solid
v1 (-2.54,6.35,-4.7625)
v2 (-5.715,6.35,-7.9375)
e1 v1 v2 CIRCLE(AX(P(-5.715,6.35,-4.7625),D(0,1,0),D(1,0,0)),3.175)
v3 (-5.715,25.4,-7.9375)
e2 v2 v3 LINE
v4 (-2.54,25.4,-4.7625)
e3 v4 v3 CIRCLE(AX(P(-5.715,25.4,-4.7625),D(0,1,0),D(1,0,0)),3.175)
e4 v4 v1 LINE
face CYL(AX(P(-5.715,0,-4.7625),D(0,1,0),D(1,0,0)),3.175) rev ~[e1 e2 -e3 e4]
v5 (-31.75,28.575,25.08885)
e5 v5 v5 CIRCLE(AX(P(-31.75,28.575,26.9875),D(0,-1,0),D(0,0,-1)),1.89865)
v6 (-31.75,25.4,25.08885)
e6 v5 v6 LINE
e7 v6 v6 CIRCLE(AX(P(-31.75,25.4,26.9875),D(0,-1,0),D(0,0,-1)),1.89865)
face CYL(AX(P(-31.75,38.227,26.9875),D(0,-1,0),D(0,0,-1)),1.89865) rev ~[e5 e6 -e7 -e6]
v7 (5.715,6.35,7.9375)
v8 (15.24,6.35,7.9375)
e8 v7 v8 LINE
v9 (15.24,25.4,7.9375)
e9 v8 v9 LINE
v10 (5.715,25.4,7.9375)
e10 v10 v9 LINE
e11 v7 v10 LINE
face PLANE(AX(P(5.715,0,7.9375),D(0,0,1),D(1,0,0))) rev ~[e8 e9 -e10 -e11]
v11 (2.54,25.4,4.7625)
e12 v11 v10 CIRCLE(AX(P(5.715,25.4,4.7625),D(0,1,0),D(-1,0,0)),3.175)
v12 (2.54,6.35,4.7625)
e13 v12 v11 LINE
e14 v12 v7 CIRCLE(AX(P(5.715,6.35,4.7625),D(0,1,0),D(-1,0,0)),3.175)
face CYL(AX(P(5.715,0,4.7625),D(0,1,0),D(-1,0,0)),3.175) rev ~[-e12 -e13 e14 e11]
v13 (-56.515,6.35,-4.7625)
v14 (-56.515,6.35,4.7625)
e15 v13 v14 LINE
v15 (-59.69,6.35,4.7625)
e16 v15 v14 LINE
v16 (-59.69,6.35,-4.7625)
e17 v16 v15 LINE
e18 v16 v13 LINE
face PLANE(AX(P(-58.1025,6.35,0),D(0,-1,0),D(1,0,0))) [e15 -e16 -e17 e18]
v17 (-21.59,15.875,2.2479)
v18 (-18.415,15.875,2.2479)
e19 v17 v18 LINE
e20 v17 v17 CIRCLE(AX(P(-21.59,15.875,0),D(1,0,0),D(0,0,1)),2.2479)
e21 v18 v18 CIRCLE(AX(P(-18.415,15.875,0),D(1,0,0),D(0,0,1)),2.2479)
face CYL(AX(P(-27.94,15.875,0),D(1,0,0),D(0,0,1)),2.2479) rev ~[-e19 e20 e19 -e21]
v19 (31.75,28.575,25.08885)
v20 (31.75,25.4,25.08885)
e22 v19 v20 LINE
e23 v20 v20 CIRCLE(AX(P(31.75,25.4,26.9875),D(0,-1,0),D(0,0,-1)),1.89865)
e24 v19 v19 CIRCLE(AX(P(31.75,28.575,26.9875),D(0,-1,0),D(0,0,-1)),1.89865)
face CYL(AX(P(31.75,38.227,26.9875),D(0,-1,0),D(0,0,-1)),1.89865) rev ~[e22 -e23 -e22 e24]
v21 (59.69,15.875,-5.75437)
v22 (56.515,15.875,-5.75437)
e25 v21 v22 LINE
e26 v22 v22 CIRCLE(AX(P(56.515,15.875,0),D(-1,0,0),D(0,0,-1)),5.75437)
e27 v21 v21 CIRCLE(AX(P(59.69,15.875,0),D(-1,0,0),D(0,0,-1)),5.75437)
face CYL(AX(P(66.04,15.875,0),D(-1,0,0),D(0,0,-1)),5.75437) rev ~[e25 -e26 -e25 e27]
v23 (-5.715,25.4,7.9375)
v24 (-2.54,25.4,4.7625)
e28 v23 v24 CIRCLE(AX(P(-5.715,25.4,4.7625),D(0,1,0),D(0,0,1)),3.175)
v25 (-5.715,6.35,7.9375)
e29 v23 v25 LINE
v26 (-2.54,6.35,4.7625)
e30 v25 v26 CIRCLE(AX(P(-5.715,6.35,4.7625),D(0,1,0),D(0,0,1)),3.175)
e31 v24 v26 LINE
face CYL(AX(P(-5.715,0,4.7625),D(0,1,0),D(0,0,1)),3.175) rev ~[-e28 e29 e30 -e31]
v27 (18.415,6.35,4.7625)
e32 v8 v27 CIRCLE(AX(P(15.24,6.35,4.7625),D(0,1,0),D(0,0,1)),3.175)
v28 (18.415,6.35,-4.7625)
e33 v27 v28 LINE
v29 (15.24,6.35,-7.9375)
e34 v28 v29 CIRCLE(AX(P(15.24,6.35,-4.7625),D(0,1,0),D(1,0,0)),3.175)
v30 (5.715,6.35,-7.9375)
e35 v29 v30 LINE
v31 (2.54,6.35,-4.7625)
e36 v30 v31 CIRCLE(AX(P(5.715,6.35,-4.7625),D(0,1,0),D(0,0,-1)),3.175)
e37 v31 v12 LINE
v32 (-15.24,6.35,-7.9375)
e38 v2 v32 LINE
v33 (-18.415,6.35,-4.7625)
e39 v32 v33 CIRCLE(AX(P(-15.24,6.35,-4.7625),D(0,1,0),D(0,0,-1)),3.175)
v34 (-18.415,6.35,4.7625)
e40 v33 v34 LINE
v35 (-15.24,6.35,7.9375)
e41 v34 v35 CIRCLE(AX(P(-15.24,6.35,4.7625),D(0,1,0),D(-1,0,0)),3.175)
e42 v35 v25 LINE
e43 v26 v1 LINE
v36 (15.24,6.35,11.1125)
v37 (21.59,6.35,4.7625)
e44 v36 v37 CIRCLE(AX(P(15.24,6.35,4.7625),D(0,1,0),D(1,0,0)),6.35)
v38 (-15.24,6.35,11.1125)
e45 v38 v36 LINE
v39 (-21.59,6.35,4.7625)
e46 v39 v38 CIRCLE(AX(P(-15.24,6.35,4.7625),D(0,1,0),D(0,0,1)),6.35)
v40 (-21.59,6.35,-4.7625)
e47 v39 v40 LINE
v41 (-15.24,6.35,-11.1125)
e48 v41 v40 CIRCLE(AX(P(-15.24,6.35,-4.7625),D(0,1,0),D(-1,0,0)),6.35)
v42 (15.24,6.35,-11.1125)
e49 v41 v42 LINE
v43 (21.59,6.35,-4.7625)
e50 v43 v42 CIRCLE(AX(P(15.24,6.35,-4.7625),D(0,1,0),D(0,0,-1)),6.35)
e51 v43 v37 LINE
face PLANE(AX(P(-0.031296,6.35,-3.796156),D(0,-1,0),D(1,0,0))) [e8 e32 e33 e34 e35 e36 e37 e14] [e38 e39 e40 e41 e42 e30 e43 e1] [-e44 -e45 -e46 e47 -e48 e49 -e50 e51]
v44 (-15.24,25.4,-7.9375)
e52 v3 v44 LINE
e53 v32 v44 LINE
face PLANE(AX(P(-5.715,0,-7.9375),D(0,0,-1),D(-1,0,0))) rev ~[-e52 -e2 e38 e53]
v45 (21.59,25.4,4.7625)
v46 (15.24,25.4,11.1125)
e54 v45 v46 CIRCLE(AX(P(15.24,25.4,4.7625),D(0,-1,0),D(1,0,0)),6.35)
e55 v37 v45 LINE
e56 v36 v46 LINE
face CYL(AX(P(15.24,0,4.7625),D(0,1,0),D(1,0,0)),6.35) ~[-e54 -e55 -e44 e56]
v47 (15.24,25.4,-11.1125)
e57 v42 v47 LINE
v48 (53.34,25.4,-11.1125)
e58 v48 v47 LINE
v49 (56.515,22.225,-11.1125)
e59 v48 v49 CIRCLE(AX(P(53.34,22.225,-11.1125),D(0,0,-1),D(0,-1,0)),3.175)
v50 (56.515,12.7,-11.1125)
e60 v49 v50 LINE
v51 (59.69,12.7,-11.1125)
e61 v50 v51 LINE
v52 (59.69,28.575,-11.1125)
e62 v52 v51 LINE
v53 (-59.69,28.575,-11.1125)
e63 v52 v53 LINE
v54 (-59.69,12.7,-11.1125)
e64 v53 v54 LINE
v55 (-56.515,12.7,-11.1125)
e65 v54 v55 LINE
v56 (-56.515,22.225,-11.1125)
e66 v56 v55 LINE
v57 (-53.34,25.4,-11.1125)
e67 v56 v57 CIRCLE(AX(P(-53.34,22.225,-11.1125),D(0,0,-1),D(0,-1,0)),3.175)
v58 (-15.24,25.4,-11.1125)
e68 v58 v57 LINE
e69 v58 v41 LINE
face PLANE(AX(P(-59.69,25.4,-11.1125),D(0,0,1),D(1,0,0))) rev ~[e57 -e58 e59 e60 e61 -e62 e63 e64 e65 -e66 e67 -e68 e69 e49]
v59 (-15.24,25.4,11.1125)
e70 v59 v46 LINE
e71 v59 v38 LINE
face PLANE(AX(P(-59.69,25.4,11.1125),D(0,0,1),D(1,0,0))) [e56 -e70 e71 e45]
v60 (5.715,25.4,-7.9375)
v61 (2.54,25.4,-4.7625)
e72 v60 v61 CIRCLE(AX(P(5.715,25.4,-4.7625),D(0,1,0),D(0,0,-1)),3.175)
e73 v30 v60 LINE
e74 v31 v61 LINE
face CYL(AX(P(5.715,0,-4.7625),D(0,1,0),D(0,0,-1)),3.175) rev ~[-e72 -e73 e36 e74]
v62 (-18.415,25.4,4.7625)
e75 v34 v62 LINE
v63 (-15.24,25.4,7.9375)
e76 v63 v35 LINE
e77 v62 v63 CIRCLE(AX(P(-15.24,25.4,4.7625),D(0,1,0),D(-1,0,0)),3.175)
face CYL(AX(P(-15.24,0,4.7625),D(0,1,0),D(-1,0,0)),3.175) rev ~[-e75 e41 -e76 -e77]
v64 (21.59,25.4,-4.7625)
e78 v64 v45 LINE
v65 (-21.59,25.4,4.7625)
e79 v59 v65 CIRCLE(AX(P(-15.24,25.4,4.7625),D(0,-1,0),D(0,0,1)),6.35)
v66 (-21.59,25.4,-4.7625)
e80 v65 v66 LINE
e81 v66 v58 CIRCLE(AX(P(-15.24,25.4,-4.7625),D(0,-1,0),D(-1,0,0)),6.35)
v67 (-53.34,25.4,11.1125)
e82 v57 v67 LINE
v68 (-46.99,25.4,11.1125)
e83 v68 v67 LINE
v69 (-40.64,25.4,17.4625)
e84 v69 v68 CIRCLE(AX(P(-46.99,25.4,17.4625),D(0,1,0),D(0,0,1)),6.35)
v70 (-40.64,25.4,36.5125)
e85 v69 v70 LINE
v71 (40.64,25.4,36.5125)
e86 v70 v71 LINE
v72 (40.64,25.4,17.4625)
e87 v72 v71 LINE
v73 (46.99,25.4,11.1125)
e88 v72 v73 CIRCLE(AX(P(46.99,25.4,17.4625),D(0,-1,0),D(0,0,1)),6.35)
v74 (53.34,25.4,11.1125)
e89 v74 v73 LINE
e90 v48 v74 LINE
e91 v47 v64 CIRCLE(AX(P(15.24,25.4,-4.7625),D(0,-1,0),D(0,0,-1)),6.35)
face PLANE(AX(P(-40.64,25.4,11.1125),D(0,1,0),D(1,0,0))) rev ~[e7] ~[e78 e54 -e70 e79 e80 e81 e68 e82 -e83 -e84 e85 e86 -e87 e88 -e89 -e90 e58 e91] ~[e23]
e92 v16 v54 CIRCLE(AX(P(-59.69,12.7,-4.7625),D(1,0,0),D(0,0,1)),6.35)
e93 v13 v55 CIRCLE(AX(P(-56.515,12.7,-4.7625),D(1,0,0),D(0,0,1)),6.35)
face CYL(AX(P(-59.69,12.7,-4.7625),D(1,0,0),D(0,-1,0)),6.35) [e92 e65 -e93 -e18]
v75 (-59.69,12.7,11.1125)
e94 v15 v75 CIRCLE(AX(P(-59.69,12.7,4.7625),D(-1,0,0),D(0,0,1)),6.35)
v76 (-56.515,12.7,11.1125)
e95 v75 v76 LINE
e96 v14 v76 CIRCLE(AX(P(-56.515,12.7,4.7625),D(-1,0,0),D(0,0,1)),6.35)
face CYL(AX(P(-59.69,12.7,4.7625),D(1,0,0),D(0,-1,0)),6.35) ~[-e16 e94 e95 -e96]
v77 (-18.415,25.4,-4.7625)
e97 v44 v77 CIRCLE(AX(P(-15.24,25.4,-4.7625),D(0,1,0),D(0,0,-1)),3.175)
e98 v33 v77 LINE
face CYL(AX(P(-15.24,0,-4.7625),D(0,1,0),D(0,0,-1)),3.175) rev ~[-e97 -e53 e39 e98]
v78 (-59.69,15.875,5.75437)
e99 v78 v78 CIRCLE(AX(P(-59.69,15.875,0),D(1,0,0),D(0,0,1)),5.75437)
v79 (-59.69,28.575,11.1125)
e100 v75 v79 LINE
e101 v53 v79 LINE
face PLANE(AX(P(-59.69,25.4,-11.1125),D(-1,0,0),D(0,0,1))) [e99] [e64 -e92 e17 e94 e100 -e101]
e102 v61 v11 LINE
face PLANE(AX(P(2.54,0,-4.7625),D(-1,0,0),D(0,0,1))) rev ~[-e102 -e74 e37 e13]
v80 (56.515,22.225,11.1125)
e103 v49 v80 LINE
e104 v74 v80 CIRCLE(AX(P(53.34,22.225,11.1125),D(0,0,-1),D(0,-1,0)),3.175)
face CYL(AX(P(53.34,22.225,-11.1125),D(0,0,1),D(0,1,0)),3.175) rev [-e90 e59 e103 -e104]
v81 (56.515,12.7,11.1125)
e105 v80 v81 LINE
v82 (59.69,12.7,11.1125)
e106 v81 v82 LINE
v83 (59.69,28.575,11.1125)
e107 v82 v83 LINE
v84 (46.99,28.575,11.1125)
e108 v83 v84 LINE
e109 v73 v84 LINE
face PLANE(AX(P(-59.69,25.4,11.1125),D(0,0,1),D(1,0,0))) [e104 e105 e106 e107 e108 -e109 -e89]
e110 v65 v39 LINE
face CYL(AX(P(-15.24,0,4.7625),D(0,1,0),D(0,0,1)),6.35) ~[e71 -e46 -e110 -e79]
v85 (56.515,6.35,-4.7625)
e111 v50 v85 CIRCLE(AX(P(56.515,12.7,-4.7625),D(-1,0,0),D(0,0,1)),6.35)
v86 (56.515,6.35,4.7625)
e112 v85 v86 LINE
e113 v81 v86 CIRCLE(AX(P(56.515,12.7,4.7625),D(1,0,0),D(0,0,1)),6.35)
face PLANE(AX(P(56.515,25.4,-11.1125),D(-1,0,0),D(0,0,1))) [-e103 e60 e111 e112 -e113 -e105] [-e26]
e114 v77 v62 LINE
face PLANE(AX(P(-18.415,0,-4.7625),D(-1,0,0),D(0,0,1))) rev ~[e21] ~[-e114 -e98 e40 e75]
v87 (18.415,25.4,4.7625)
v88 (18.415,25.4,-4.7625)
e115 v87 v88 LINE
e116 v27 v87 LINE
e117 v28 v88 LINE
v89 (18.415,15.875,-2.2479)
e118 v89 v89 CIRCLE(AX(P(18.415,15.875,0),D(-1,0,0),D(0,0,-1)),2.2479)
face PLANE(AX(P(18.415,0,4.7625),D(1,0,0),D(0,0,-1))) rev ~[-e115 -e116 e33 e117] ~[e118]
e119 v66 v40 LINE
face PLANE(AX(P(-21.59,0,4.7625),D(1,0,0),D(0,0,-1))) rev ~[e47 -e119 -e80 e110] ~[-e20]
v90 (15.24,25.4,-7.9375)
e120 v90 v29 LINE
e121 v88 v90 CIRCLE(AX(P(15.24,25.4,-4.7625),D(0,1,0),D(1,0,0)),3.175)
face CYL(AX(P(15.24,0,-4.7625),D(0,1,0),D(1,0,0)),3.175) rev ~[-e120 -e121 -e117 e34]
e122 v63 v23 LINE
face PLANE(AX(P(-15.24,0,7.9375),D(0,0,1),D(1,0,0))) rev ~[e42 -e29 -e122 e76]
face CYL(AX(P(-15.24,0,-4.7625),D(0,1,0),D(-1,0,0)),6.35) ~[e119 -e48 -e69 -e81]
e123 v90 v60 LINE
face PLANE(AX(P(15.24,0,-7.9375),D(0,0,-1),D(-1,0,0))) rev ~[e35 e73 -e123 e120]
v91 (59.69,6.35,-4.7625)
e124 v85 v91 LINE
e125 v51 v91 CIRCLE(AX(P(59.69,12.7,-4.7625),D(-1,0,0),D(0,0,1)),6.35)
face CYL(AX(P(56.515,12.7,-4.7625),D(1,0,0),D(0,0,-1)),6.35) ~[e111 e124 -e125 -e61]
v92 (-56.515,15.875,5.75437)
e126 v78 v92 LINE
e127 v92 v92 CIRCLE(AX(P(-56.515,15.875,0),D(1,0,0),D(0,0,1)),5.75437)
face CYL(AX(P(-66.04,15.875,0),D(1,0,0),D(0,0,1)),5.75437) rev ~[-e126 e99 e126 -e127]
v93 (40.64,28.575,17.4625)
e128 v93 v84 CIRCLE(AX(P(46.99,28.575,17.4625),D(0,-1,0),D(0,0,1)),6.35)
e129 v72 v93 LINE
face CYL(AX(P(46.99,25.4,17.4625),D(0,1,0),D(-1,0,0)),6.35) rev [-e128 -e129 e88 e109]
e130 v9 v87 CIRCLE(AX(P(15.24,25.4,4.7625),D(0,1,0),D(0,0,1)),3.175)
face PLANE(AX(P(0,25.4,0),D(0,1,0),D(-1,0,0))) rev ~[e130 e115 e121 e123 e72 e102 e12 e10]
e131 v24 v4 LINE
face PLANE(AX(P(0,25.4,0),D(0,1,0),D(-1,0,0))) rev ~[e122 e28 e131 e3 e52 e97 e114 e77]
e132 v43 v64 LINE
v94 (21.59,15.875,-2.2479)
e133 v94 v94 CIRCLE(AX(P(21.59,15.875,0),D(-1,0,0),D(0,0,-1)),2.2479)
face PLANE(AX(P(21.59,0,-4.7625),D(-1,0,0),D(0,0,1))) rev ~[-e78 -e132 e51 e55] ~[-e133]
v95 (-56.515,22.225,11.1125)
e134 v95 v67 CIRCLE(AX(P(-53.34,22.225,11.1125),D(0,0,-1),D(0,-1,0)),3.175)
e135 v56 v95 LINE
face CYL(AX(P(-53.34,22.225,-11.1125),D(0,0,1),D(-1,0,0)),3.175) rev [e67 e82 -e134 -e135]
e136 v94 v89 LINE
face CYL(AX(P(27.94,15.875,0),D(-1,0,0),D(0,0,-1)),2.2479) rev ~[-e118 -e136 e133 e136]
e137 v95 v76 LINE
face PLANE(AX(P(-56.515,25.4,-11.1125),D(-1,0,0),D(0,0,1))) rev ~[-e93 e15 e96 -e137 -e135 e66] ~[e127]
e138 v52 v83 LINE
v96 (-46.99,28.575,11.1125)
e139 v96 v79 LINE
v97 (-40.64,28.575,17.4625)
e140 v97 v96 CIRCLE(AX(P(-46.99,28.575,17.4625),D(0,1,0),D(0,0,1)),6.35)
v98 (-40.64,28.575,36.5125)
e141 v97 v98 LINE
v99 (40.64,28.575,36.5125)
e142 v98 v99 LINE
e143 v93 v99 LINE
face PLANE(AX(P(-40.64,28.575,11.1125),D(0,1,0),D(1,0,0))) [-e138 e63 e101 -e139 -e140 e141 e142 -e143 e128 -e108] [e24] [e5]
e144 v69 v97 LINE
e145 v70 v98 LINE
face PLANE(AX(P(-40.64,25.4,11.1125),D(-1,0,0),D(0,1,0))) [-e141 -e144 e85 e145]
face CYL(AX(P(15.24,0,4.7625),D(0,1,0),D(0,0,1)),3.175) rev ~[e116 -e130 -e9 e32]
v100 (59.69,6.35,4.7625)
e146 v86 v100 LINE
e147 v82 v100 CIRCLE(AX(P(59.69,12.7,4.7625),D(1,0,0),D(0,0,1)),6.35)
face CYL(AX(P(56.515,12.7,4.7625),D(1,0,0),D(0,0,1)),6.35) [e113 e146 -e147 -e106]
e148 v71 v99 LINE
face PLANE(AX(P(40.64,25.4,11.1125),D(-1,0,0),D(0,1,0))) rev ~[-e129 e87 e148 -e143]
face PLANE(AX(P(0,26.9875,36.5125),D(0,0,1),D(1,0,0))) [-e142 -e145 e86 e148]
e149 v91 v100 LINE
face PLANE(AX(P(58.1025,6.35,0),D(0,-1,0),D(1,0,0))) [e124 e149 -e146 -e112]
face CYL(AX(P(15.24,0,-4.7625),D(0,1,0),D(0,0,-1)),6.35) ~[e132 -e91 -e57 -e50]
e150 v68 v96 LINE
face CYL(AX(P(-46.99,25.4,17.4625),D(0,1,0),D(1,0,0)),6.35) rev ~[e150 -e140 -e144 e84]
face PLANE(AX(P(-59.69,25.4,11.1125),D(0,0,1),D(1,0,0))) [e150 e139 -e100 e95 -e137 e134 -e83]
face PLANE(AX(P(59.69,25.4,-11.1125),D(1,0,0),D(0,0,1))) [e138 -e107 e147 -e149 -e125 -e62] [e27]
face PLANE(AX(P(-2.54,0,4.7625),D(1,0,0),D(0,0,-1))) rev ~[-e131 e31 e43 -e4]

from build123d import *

# Parameters (mm, degrees)
EXTRUDE1_DEPTH                         = 25.4
EXTRUDE1_DEPTH_BACK                    = 50.8
SKETCH2_W                              = 119.38
SKETCH2_H                              = 22.225
EXTRUDE2_DEPTH                         = 3.175
SKETCH3_W                              = 3.175
SKETCH3_H                              = 22.225
EXTRUDE3_DEPTH                         = 19.05
TAP_DRILL_FOR_1_2_TAP1_D               = 11.50874
TAP_DRILL_FOR_1_2_TAP1_DEPTH           = 6.35
TAP_DRILL_FOR_1_2_TAP1_TIP             = 3.45757432
TAP_DRILL_FOR_1_2_TAP1_ON_FACE_2_D     = 11.50874
TAP_DRILL_FOR_1_2_TAP1_ON_FACE_2_DEPTH = 6.35
TAP_DRILL_FOR_1_2_TAP1_ON_FACE_2_TIP   = 3.45757432
F_8_CLEARANCE_HOLE1_D                  = 4.4958
F_8_CLEARANCE_HOLE1_DEPTH              = 6.35
F_8_CLEARANCE_HOLE1_TIP                = 1.350674586
F_8_CLEARANCE_HOLE1_ON_FACE_2_D        = 4.4958
F_8_CLEARANCE_HOLE1_ON_FACE_2_DEPTH    = 6.35
F_8_CLEARANCE_HOLE1_ON_FACE_2_TIP      = 1.350674586
FILLET1_R                              = 6.35
FILLET3_R                              = 3.175
SKETCH7_W                              = 81.28
SKETCH7_H                              = 3.175
EXTRUDE4_DEPTH                         = 25.4
FILLET4_R                              = 6.35
F_6_CLEARANCE_HOLE1_D                  = 3.7973
F_6_CLEARANCE_HOLE1_DEPTH              = 9.652
F_6_CLEARANCE_HOLE1_TIP                = 1.140824014
SKETCH8_W                              = 66.338719692
SKETCH8_H                              = 61.141500313
CUT_EXTRUDE1_DEPTH                     = 57.15


with BuildPart() as part:
    # Sketch1 → Extrude1 (new body, two sides)
    with BuildSketch(Plane(origin=(0, 0, 0), x_dir=(1, 0, 0), z_dir=(0, 1, 0))) as extrude1_sk:
        with BuildLine():
            Line((15.24, -11.1125), (-15.24, -11.1125))
            ThreePointArc((-15.24, -11.1125), (-19.730128061, -9.252628061), (-21.59, -4.7625))
            Line((-21.59, -4.7625), (-21.59, 4.7625))
            ThreePointArc((-21.59, 4.7625), (-19.730128061, 9.252628061), (-15.24, 11.1125))
            Line((-15.24, 11.1125), (15.24, 11.1125))
            ThreePointArc((15.24, 11.1125), (19.730128061, 9.252628061), (21.59, 4.7625))
            Line((21.59, 4.7625), (21.59, -4.7625))
            ThreePointArc((21.59, -4.7625), (19.730128061, -9.252628061), (15.24, -11.1125))
        make_face()
        with BuildLine():
            Line((-15.24, -7.9375), (-5.715, -7.9375))
            ThreePointArc((-5.715, -7.9375), (-3.46993597, -7.00756403), (-2.54, -4.7625))
            Line((-2.54, -4.7625), (-2.54, 4.7625))
            ThreePointArc((-2.54, 4.7625), (-3.46993597, 7.00756403), (-5.715, 7.9375))
            Line((-5.715, 7.9375), (-15.24, 7.9375))
            ThreePointArc((-15.24, 7.9375), (-17.48506403, 7.00756403), (-18.415, 4.7625))
            Line((-18.415, 4.7625), (-18.415, -4.7625))
            ThreePointArc((-18.415, -4.7625), (-17.48506403, -7.00756403), (-15.24, -7.9375))
        make_face(mode=Mode.SUBTRACT)
        with BuildLine():
            Line((15.24, 7.9375), (5.715, 7.9375))
            ThreePointArc((5.715, 7.9375), (3.46993597, 7.00756403), (2.54, 4.7625))
            Line((2.54, 4.7625), (2.54, -4.7625))
            ThreePointArc((2.54, -4.7625), (3.46993597, -7.00756403), (5.715, -7.9375))
            Line((5.715, -7.9375), (15.24, -7.9375))
            ThreePointArc((15.24, -7.9375), (17.48506403, -7.00756403), (18.415, -4.7625))
            Line((18.415, -4.7625), (18.415, 4.7625))
            ThreePointArc((18.415, 4.7625), (17.48506403, 7.00756403), (15.24, 7.9375))
        make_face(mode=Mode.SUBTRACT)
    extrude(amount=EXTRUDE1_DEPTH)
    extrude(extrude1_sk.sketch, amount=-EXTRUDE1_DEPTH_BACK)

    # Sketch2 → Extrude2 (add)
    with BuildSketch(Plane(origin=(0, 25.4, 0), x_dir=(-1, 0, 0), z_dir=(0, 1, 0))):
        Rectangle(SKETCH2_W, SKETCH2_H)
    extrude(amount=EXTRUDE2_DEPTH)

    # Sketch3 → Extrude3 (add)
    with BuildSketch(Plane.XZ.offset(-25.4)):
        with Locations((-58.1025, 0)):
            Rectangle(SKETCH3_W, SKETCH3_H)
        with Locations((58.1025, 0)):
            Rectangle(SKETCH3_W, SKETCH3_H)
    extrude(amount=EXTRUDE3_DEPTH)

    # Tap Drill for 1/2 Tap1
    with Locations(Plane(origin=(-59.69, 15.875, 0), x_dir=(0, 0, -1), z_dir=(-1, 0, 0))):
        with Locations((0, 0)):
            Hole(TAP_DRILL_FOR_1_2_TAP1_D / 2, depth=TAP_DRILL_FOR_1_2_TAP1_DEPTH)
            with Locations((0, 0, -(TAP_DRILL_FOR_1_2_TAP1_DEPTH + TAP_DRILL_FOR_1_2_TAP1_TIP / 2))):  # 118° drill point
                Cone(0, TAP_DRILL_FOR_1_2_TAP1_D / 2, TAP_DRILL_FOR_1_2_TAP1_TIP, mode=Mode.SUBTRACT)

    # Tap Drill for 1/2 Tap1 on face 2
    with Locations(Plane(origin=(59.69, 15.875, 0), x_dir=(0, 0, 1), z_dir=(1, 0, 0))):
        with Locations((0, 0)):
            Hole(TAP_DRILL_FOR_1_2_TAP1_ON_FACE_2_D / 2, depth=TAP_DRILL_FOR_1_2_TAP1_ON_FACE_2_DEPTH)
            with Locations((0, 0, -(TAP_DRILL_FOR_1_2_TAP1_ON_FACE_2_DEPTH + TAP_DRILL_FOR_1_2_TAP1_ON_FACE_2_TIP / 2))):  # 118° drill point
                Cone(0, TAP_DRILL_FOR_1_2_TAP1_ON_FACE_2_D / 2, TAP_DRILL_FOR_1_2_TAP1_ON_FACE_2_TIP, mode=Mode.SUBTRACT)

    # #8 Clearance Hole1
    with Locations(Plane(origin=(-21.59, 15.875, 0), x_dir=(0, 0, -1), z_dir=(-1, 0, 0))):
        with Locations((0, 0)):
            Hole(F_8_CLEARANCE_HOLE1_D / 2, depth=F_8_CLEARANCE_HOLE1_DEPTH)
            with Locations((0, 0, -(F_8_CLEARANCE_HOLE1_DEPTH + F_8_CLEARANCE_HOLE1_TIP / 2))):  # 118° drill point
                Cone(0, F_8_CLEARANCE_HOLE1_D / 2, F_8_CLEARANCE_HOLE1_TIP, mode=Mode.SUBTRACT)

    # #8 Clearance Hole1 on face 2
    with Locations(Plane(origin=(21.59, 15.875, 0), x_dir=(0, 0, 1), z_dir=(1, 0, 0))):
        with Locations((0, 0)):
            Hole(F_8_CLEARANCE_HOLE1_ON_FACE_2_D / 2, depth=F_8_CLEARANCE_HOLE1_ON_FACE_2_DEPTH)
            with Locations((0, 0, -(F_8_CLEARANCE_HOLE1_ON_FACE_2_DEPTH + F_8_CLEARANCE_HOLE1_ON_FACE_2_TIP / 2))):  # 118° drill point
                Cone(0, F_8_CLEARANCE_HOLE1_ON_FACE_2_D / 2, F_8_CLEARANCE_HOLE1_ON_FACE_2_TIP, mode=Mode.SUBTRACT)

    # Fillet1
    fillet1_edges = [part.edges().sort_by_distance(p)[0] for p in [
        (-58.1025, 6.35, -11.1125),
        (-58.1025, 6.35, 11.1125),
        (58.1025, 6.35, 11.1125),
        (58.1025, 6.35, -11.1125),
    ]]
    fillet(fillet1_edges, radius=FILLET1_R)

    # Fillet3
    fillet3_edges = [part.edges().sort_by_distance(p)[0] for p in [
        (-56.515, 25.4, 0),
        (56.515, 25.4, 0),
    ]]
    fillet(fillet3_edges, radius=FILLET3_R)

    # Sketch7 → Extrude4 (add)
    with BuildSketch(Plane.XY.offset(11.1125)):
        with Locations((0, 26.9875)):
            Rectangle(SKETCH7_W, SKETCH7_H)
    extrude(amount=EXTRUDE4_DEPTH)

    # Fillet4
    fillet4_edges = [part.edges().sort_by_distance(p)[0] for p in [
        (-40.64, 26.9875, 11.1125),
        (40.64, 26.9875, 11.1125),
    ]]
    fillet(fillet4_edges, radius=FILLET4_R)

    # #6 Clearance Hole1
    with Locations(Plane(origin=(31.75, 28.575, 26.9875), x_dir=(0, 0, 1), z_dir=(0, 1, 0))):
        with Locations((0, 0), (0, -63.5)):
            Hole(F_6_CLEARANCE_HOLE1_D / 2, depth=F_6_CLEARANCE_HOLE1_DEPTH)
            with Locations((0, 0, -(F_6_CLEARANCE_HOLE1_DEPTH + F_6_CLEARANCE_HOLE1_TIP / 2))):  # 118° drill point
                Cone(0, F_6_CLEARANCE_HOLE1_D / 2, F_6_CLEARANCE_HOLE1_TIP, mode=Mode.SUBTRACT)

    # Sketch8 → Cut-Extrude1 (cut)
    with BuildSketch(Plane.XZ.offset(50.8)):
        with Locations((-0.031295894, -3.796156427)):
            Rectangle(SKETCH8_W, SKETCH8_H)
    extrude(amount=-CUT_EXTRUDE1_DEPTH, mode=Mode.SUBTRACT)


solid = part.part
